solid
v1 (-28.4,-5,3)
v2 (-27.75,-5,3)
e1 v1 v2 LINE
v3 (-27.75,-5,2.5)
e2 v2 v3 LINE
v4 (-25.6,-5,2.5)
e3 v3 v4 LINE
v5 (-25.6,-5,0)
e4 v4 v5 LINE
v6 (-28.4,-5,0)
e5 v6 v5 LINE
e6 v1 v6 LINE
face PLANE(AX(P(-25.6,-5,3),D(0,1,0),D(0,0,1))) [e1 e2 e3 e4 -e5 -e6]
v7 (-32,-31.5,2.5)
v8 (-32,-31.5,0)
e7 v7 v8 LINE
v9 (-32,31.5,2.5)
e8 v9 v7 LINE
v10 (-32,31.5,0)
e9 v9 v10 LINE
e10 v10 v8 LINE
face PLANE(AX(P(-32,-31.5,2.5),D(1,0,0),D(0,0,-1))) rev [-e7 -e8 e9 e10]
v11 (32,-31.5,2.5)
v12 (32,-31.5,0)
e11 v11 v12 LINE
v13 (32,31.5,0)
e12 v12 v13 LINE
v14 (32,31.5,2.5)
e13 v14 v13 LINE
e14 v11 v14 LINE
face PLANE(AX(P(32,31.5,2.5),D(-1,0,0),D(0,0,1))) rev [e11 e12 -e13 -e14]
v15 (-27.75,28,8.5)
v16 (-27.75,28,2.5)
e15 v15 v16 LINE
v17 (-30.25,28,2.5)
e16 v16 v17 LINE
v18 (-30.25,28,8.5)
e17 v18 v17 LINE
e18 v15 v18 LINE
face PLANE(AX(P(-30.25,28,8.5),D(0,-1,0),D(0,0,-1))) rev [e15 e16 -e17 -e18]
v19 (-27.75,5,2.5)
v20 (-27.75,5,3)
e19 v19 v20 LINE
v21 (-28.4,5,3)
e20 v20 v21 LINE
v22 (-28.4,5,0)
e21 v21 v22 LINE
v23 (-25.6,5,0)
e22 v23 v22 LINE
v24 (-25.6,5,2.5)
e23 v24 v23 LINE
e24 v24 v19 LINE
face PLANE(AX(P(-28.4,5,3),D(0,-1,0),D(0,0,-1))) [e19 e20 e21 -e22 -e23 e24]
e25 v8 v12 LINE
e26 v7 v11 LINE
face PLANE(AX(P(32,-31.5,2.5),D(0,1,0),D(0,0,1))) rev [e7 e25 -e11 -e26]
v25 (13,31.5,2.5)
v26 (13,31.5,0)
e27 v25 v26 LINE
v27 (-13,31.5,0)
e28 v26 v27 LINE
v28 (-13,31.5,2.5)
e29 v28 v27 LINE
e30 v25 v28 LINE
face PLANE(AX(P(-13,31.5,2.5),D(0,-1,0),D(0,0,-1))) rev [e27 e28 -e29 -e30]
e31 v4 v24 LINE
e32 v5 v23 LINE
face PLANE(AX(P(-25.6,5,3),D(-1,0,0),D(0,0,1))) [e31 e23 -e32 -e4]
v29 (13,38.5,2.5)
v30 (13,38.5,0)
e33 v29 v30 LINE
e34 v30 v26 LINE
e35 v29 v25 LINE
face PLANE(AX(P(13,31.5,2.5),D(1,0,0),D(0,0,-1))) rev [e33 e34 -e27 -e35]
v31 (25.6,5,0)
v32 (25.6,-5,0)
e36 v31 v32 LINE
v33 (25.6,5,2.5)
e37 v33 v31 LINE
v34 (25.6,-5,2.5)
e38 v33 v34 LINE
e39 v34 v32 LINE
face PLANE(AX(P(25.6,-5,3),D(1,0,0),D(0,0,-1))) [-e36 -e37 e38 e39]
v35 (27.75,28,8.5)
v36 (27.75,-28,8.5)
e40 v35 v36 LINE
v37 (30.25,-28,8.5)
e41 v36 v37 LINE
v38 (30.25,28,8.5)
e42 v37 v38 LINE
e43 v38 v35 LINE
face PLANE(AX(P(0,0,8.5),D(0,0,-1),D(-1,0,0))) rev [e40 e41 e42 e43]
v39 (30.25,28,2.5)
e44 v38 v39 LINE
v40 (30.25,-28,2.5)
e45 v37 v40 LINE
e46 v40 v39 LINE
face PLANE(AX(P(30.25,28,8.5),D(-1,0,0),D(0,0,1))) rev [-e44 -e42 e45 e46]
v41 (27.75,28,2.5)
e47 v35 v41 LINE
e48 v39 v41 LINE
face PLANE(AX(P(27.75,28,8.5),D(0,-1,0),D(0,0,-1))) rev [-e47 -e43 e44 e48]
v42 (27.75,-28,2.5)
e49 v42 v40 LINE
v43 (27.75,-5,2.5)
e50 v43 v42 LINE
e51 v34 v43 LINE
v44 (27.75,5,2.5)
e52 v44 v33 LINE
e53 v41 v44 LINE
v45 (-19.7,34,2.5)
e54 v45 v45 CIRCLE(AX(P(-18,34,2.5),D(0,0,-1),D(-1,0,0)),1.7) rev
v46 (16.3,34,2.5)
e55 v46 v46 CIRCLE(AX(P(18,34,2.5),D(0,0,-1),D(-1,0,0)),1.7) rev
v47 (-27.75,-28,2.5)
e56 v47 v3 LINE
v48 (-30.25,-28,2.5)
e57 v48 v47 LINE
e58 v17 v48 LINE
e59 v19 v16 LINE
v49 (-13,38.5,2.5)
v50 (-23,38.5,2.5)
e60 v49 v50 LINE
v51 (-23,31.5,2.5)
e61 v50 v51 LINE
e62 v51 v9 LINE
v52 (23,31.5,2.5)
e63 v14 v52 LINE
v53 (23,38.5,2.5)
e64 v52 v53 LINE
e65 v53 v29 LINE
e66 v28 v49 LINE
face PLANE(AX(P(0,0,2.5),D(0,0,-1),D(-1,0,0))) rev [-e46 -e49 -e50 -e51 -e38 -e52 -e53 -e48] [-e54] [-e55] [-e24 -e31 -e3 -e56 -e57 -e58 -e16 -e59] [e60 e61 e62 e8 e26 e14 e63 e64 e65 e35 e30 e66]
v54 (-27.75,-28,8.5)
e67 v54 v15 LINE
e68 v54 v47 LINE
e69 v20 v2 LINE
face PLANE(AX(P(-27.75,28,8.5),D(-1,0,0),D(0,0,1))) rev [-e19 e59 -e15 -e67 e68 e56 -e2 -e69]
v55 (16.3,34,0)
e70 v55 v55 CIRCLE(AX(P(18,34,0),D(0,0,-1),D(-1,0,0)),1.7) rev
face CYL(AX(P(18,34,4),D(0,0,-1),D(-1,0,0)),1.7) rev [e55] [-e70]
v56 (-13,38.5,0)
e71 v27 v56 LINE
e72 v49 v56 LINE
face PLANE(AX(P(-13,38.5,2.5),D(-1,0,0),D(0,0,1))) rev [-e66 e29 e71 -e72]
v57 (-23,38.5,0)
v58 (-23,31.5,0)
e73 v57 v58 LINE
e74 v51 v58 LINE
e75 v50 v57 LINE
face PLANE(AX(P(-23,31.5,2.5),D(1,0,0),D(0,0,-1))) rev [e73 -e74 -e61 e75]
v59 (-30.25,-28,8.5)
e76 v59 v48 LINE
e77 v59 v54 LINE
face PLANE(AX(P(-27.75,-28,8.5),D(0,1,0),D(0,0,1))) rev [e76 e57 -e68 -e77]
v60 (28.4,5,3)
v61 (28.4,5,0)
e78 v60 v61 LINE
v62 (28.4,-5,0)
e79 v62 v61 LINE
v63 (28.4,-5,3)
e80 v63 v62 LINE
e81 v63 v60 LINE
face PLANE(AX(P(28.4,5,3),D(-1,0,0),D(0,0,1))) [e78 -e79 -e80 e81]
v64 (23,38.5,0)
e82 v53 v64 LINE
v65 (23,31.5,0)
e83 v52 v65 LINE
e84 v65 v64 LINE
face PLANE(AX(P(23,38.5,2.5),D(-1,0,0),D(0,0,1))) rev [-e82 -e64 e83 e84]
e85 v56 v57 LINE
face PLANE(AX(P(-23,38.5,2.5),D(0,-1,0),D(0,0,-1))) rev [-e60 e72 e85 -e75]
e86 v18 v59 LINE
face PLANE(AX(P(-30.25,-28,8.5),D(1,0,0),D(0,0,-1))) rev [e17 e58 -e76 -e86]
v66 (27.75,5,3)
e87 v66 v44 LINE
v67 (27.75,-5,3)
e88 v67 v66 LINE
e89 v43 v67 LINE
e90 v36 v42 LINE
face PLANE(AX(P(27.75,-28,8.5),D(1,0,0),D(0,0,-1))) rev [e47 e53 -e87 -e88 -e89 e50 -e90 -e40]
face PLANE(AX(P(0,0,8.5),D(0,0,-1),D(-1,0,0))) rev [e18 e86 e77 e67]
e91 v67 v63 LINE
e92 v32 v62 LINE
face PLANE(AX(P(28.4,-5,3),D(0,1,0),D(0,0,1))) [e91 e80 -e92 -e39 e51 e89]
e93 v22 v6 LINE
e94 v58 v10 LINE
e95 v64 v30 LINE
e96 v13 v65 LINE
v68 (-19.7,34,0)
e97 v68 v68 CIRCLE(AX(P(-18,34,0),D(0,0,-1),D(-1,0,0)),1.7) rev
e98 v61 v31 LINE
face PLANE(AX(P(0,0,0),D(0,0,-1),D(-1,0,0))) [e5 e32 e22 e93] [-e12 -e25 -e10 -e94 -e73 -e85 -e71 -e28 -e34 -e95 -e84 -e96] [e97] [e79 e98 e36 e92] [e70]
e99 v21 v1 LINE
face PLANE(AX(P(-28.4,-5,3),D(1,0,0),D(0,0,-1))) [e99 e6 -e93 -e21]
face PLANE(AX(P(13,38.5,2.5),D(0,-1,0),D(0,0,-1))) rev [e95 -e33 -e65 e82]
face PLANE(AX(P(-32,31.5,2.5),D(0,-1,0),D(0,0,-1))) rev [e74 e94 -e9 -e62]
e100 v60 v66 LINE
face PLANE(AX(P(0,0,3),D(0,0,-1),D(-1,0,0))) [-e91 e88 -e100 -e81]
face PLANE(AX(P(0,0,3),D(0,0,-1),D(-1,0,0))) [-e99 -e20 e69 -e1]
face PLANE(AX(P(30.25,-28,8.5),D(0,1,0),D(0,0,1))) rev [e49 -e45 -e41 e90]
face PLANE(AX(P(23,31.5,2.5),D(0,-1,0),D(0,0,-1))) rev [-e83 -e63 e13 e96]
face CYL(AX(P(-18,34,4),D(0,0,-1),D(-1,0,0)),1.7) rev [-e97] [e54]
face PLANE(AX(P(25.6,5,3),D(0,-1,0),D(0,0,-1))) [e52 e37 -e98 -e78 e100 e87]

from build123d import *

# Parameters (mm, degrees)
BOARD_SUPPORT_AND_LUGS_DEPTH = 2.5
PCB_EDGE_STOPS_START         = 2.5
SKETCH_PCB_EDGE_STOPS_W      = 2.5
SKETCH_PCB_EDGE_STOPS_H      = 56
PCB_EDGE_STOPS_DEPTH         = 6
BOARD_STRAP_SLOTS_START      = -1
SKETCH_BOARD_STRAP_SLOTS_W   = 2.8
SKETCH_BOARD_STRAP_SLOTS_H   = 10
BOARD_STRAP_SLOTS_DEPTH      = 4
EXTERNAL_M3_MOUNTS_START     = -1
SKETCH_EXTERNAL_M3_MOUNTS_R  = 1.7
EXTERNAL_M3_MOUNTS_DEPTH     = 5


with BuildPart() as part:
    # Sketch_Board_support_and_lugs → Board_support_and_lugs (new body)
    with BuildSketch(Plane.XY):
        Polygon((32, 31.5), (32, -31.5), (-32, -31.5), (-32, 31.5), (-23, 31.5), (-23, 38.5), (-13, 38.5), (-13, 31.5), (13, 31.5), (13, 38.5), (23, 38.5), (23, 31.5), align=None)
    extrude(amount=BOARD_SUPPORT_AND_LUGS_DEPTH)

    # Sketch_PCB_edge_stops → PCB_edge_stops (add)
    with BuildSketch(Plane.XY.offset(PCB_EDGE_STOPS_START)):
        with Locations((-29, 0)):
            Rectangle(SKETCH_PCB_EDGE_STOPS_W, SKETCH_PCB_EDGE_STOPS_H)
        with Locations((29, 0)):
            Rectangle(SKETCH_PCB_EDGE_STOPS_W, SKETCH_PCB_EDGE_STOPS_H)
    extrude(amount=PCB_EDGE_STOPS_DEPTH)

    # Sketch_Board_strap_slots → Board_strap_slots (cut)
    with BuildSketch(Plane.XY.offset(BOARD_STRAP_SLOTS_START)):
        with Locations((-27, 0)):
            Rectangle(SKETCH_BOARD_STRAP_SLOTS_W, SKETCH_BOARD_STRAP_SLOTS_H)
        with Locations((27, 0)):
            Rectangle(SKETCH_BOARD_STRAP_SLOTS_W, SKETCH_BOARD_STRAP_SLOTS_H)
    extrude(amount=BOARD_STRAP_SLOTS_DEPTH, mode=Mode.SUBTRACT)

    # Sketch_External_M3_mounts → External_M3_mounts (cut)
    with BuildSketch(Plane.XY.offset(EXTERNAL_M3_MOUNTS_START)):
        with Locations(Location((-18, 34, 0), (0, 0, 180))):
            Circle(SKETCH_EXTERNAL_M3_MOUNTS_R)
        with Locations(Location((18, 34, 0), (0, 0, 180))):
            Circle(SKETCH_EXTERNAL_M3_MOUNTS_R)
    extrude(amount=EXTERNAL_M3_MOUNTS_DEPTH, mode=Mode.SUBTRACT)


solid = part.part
